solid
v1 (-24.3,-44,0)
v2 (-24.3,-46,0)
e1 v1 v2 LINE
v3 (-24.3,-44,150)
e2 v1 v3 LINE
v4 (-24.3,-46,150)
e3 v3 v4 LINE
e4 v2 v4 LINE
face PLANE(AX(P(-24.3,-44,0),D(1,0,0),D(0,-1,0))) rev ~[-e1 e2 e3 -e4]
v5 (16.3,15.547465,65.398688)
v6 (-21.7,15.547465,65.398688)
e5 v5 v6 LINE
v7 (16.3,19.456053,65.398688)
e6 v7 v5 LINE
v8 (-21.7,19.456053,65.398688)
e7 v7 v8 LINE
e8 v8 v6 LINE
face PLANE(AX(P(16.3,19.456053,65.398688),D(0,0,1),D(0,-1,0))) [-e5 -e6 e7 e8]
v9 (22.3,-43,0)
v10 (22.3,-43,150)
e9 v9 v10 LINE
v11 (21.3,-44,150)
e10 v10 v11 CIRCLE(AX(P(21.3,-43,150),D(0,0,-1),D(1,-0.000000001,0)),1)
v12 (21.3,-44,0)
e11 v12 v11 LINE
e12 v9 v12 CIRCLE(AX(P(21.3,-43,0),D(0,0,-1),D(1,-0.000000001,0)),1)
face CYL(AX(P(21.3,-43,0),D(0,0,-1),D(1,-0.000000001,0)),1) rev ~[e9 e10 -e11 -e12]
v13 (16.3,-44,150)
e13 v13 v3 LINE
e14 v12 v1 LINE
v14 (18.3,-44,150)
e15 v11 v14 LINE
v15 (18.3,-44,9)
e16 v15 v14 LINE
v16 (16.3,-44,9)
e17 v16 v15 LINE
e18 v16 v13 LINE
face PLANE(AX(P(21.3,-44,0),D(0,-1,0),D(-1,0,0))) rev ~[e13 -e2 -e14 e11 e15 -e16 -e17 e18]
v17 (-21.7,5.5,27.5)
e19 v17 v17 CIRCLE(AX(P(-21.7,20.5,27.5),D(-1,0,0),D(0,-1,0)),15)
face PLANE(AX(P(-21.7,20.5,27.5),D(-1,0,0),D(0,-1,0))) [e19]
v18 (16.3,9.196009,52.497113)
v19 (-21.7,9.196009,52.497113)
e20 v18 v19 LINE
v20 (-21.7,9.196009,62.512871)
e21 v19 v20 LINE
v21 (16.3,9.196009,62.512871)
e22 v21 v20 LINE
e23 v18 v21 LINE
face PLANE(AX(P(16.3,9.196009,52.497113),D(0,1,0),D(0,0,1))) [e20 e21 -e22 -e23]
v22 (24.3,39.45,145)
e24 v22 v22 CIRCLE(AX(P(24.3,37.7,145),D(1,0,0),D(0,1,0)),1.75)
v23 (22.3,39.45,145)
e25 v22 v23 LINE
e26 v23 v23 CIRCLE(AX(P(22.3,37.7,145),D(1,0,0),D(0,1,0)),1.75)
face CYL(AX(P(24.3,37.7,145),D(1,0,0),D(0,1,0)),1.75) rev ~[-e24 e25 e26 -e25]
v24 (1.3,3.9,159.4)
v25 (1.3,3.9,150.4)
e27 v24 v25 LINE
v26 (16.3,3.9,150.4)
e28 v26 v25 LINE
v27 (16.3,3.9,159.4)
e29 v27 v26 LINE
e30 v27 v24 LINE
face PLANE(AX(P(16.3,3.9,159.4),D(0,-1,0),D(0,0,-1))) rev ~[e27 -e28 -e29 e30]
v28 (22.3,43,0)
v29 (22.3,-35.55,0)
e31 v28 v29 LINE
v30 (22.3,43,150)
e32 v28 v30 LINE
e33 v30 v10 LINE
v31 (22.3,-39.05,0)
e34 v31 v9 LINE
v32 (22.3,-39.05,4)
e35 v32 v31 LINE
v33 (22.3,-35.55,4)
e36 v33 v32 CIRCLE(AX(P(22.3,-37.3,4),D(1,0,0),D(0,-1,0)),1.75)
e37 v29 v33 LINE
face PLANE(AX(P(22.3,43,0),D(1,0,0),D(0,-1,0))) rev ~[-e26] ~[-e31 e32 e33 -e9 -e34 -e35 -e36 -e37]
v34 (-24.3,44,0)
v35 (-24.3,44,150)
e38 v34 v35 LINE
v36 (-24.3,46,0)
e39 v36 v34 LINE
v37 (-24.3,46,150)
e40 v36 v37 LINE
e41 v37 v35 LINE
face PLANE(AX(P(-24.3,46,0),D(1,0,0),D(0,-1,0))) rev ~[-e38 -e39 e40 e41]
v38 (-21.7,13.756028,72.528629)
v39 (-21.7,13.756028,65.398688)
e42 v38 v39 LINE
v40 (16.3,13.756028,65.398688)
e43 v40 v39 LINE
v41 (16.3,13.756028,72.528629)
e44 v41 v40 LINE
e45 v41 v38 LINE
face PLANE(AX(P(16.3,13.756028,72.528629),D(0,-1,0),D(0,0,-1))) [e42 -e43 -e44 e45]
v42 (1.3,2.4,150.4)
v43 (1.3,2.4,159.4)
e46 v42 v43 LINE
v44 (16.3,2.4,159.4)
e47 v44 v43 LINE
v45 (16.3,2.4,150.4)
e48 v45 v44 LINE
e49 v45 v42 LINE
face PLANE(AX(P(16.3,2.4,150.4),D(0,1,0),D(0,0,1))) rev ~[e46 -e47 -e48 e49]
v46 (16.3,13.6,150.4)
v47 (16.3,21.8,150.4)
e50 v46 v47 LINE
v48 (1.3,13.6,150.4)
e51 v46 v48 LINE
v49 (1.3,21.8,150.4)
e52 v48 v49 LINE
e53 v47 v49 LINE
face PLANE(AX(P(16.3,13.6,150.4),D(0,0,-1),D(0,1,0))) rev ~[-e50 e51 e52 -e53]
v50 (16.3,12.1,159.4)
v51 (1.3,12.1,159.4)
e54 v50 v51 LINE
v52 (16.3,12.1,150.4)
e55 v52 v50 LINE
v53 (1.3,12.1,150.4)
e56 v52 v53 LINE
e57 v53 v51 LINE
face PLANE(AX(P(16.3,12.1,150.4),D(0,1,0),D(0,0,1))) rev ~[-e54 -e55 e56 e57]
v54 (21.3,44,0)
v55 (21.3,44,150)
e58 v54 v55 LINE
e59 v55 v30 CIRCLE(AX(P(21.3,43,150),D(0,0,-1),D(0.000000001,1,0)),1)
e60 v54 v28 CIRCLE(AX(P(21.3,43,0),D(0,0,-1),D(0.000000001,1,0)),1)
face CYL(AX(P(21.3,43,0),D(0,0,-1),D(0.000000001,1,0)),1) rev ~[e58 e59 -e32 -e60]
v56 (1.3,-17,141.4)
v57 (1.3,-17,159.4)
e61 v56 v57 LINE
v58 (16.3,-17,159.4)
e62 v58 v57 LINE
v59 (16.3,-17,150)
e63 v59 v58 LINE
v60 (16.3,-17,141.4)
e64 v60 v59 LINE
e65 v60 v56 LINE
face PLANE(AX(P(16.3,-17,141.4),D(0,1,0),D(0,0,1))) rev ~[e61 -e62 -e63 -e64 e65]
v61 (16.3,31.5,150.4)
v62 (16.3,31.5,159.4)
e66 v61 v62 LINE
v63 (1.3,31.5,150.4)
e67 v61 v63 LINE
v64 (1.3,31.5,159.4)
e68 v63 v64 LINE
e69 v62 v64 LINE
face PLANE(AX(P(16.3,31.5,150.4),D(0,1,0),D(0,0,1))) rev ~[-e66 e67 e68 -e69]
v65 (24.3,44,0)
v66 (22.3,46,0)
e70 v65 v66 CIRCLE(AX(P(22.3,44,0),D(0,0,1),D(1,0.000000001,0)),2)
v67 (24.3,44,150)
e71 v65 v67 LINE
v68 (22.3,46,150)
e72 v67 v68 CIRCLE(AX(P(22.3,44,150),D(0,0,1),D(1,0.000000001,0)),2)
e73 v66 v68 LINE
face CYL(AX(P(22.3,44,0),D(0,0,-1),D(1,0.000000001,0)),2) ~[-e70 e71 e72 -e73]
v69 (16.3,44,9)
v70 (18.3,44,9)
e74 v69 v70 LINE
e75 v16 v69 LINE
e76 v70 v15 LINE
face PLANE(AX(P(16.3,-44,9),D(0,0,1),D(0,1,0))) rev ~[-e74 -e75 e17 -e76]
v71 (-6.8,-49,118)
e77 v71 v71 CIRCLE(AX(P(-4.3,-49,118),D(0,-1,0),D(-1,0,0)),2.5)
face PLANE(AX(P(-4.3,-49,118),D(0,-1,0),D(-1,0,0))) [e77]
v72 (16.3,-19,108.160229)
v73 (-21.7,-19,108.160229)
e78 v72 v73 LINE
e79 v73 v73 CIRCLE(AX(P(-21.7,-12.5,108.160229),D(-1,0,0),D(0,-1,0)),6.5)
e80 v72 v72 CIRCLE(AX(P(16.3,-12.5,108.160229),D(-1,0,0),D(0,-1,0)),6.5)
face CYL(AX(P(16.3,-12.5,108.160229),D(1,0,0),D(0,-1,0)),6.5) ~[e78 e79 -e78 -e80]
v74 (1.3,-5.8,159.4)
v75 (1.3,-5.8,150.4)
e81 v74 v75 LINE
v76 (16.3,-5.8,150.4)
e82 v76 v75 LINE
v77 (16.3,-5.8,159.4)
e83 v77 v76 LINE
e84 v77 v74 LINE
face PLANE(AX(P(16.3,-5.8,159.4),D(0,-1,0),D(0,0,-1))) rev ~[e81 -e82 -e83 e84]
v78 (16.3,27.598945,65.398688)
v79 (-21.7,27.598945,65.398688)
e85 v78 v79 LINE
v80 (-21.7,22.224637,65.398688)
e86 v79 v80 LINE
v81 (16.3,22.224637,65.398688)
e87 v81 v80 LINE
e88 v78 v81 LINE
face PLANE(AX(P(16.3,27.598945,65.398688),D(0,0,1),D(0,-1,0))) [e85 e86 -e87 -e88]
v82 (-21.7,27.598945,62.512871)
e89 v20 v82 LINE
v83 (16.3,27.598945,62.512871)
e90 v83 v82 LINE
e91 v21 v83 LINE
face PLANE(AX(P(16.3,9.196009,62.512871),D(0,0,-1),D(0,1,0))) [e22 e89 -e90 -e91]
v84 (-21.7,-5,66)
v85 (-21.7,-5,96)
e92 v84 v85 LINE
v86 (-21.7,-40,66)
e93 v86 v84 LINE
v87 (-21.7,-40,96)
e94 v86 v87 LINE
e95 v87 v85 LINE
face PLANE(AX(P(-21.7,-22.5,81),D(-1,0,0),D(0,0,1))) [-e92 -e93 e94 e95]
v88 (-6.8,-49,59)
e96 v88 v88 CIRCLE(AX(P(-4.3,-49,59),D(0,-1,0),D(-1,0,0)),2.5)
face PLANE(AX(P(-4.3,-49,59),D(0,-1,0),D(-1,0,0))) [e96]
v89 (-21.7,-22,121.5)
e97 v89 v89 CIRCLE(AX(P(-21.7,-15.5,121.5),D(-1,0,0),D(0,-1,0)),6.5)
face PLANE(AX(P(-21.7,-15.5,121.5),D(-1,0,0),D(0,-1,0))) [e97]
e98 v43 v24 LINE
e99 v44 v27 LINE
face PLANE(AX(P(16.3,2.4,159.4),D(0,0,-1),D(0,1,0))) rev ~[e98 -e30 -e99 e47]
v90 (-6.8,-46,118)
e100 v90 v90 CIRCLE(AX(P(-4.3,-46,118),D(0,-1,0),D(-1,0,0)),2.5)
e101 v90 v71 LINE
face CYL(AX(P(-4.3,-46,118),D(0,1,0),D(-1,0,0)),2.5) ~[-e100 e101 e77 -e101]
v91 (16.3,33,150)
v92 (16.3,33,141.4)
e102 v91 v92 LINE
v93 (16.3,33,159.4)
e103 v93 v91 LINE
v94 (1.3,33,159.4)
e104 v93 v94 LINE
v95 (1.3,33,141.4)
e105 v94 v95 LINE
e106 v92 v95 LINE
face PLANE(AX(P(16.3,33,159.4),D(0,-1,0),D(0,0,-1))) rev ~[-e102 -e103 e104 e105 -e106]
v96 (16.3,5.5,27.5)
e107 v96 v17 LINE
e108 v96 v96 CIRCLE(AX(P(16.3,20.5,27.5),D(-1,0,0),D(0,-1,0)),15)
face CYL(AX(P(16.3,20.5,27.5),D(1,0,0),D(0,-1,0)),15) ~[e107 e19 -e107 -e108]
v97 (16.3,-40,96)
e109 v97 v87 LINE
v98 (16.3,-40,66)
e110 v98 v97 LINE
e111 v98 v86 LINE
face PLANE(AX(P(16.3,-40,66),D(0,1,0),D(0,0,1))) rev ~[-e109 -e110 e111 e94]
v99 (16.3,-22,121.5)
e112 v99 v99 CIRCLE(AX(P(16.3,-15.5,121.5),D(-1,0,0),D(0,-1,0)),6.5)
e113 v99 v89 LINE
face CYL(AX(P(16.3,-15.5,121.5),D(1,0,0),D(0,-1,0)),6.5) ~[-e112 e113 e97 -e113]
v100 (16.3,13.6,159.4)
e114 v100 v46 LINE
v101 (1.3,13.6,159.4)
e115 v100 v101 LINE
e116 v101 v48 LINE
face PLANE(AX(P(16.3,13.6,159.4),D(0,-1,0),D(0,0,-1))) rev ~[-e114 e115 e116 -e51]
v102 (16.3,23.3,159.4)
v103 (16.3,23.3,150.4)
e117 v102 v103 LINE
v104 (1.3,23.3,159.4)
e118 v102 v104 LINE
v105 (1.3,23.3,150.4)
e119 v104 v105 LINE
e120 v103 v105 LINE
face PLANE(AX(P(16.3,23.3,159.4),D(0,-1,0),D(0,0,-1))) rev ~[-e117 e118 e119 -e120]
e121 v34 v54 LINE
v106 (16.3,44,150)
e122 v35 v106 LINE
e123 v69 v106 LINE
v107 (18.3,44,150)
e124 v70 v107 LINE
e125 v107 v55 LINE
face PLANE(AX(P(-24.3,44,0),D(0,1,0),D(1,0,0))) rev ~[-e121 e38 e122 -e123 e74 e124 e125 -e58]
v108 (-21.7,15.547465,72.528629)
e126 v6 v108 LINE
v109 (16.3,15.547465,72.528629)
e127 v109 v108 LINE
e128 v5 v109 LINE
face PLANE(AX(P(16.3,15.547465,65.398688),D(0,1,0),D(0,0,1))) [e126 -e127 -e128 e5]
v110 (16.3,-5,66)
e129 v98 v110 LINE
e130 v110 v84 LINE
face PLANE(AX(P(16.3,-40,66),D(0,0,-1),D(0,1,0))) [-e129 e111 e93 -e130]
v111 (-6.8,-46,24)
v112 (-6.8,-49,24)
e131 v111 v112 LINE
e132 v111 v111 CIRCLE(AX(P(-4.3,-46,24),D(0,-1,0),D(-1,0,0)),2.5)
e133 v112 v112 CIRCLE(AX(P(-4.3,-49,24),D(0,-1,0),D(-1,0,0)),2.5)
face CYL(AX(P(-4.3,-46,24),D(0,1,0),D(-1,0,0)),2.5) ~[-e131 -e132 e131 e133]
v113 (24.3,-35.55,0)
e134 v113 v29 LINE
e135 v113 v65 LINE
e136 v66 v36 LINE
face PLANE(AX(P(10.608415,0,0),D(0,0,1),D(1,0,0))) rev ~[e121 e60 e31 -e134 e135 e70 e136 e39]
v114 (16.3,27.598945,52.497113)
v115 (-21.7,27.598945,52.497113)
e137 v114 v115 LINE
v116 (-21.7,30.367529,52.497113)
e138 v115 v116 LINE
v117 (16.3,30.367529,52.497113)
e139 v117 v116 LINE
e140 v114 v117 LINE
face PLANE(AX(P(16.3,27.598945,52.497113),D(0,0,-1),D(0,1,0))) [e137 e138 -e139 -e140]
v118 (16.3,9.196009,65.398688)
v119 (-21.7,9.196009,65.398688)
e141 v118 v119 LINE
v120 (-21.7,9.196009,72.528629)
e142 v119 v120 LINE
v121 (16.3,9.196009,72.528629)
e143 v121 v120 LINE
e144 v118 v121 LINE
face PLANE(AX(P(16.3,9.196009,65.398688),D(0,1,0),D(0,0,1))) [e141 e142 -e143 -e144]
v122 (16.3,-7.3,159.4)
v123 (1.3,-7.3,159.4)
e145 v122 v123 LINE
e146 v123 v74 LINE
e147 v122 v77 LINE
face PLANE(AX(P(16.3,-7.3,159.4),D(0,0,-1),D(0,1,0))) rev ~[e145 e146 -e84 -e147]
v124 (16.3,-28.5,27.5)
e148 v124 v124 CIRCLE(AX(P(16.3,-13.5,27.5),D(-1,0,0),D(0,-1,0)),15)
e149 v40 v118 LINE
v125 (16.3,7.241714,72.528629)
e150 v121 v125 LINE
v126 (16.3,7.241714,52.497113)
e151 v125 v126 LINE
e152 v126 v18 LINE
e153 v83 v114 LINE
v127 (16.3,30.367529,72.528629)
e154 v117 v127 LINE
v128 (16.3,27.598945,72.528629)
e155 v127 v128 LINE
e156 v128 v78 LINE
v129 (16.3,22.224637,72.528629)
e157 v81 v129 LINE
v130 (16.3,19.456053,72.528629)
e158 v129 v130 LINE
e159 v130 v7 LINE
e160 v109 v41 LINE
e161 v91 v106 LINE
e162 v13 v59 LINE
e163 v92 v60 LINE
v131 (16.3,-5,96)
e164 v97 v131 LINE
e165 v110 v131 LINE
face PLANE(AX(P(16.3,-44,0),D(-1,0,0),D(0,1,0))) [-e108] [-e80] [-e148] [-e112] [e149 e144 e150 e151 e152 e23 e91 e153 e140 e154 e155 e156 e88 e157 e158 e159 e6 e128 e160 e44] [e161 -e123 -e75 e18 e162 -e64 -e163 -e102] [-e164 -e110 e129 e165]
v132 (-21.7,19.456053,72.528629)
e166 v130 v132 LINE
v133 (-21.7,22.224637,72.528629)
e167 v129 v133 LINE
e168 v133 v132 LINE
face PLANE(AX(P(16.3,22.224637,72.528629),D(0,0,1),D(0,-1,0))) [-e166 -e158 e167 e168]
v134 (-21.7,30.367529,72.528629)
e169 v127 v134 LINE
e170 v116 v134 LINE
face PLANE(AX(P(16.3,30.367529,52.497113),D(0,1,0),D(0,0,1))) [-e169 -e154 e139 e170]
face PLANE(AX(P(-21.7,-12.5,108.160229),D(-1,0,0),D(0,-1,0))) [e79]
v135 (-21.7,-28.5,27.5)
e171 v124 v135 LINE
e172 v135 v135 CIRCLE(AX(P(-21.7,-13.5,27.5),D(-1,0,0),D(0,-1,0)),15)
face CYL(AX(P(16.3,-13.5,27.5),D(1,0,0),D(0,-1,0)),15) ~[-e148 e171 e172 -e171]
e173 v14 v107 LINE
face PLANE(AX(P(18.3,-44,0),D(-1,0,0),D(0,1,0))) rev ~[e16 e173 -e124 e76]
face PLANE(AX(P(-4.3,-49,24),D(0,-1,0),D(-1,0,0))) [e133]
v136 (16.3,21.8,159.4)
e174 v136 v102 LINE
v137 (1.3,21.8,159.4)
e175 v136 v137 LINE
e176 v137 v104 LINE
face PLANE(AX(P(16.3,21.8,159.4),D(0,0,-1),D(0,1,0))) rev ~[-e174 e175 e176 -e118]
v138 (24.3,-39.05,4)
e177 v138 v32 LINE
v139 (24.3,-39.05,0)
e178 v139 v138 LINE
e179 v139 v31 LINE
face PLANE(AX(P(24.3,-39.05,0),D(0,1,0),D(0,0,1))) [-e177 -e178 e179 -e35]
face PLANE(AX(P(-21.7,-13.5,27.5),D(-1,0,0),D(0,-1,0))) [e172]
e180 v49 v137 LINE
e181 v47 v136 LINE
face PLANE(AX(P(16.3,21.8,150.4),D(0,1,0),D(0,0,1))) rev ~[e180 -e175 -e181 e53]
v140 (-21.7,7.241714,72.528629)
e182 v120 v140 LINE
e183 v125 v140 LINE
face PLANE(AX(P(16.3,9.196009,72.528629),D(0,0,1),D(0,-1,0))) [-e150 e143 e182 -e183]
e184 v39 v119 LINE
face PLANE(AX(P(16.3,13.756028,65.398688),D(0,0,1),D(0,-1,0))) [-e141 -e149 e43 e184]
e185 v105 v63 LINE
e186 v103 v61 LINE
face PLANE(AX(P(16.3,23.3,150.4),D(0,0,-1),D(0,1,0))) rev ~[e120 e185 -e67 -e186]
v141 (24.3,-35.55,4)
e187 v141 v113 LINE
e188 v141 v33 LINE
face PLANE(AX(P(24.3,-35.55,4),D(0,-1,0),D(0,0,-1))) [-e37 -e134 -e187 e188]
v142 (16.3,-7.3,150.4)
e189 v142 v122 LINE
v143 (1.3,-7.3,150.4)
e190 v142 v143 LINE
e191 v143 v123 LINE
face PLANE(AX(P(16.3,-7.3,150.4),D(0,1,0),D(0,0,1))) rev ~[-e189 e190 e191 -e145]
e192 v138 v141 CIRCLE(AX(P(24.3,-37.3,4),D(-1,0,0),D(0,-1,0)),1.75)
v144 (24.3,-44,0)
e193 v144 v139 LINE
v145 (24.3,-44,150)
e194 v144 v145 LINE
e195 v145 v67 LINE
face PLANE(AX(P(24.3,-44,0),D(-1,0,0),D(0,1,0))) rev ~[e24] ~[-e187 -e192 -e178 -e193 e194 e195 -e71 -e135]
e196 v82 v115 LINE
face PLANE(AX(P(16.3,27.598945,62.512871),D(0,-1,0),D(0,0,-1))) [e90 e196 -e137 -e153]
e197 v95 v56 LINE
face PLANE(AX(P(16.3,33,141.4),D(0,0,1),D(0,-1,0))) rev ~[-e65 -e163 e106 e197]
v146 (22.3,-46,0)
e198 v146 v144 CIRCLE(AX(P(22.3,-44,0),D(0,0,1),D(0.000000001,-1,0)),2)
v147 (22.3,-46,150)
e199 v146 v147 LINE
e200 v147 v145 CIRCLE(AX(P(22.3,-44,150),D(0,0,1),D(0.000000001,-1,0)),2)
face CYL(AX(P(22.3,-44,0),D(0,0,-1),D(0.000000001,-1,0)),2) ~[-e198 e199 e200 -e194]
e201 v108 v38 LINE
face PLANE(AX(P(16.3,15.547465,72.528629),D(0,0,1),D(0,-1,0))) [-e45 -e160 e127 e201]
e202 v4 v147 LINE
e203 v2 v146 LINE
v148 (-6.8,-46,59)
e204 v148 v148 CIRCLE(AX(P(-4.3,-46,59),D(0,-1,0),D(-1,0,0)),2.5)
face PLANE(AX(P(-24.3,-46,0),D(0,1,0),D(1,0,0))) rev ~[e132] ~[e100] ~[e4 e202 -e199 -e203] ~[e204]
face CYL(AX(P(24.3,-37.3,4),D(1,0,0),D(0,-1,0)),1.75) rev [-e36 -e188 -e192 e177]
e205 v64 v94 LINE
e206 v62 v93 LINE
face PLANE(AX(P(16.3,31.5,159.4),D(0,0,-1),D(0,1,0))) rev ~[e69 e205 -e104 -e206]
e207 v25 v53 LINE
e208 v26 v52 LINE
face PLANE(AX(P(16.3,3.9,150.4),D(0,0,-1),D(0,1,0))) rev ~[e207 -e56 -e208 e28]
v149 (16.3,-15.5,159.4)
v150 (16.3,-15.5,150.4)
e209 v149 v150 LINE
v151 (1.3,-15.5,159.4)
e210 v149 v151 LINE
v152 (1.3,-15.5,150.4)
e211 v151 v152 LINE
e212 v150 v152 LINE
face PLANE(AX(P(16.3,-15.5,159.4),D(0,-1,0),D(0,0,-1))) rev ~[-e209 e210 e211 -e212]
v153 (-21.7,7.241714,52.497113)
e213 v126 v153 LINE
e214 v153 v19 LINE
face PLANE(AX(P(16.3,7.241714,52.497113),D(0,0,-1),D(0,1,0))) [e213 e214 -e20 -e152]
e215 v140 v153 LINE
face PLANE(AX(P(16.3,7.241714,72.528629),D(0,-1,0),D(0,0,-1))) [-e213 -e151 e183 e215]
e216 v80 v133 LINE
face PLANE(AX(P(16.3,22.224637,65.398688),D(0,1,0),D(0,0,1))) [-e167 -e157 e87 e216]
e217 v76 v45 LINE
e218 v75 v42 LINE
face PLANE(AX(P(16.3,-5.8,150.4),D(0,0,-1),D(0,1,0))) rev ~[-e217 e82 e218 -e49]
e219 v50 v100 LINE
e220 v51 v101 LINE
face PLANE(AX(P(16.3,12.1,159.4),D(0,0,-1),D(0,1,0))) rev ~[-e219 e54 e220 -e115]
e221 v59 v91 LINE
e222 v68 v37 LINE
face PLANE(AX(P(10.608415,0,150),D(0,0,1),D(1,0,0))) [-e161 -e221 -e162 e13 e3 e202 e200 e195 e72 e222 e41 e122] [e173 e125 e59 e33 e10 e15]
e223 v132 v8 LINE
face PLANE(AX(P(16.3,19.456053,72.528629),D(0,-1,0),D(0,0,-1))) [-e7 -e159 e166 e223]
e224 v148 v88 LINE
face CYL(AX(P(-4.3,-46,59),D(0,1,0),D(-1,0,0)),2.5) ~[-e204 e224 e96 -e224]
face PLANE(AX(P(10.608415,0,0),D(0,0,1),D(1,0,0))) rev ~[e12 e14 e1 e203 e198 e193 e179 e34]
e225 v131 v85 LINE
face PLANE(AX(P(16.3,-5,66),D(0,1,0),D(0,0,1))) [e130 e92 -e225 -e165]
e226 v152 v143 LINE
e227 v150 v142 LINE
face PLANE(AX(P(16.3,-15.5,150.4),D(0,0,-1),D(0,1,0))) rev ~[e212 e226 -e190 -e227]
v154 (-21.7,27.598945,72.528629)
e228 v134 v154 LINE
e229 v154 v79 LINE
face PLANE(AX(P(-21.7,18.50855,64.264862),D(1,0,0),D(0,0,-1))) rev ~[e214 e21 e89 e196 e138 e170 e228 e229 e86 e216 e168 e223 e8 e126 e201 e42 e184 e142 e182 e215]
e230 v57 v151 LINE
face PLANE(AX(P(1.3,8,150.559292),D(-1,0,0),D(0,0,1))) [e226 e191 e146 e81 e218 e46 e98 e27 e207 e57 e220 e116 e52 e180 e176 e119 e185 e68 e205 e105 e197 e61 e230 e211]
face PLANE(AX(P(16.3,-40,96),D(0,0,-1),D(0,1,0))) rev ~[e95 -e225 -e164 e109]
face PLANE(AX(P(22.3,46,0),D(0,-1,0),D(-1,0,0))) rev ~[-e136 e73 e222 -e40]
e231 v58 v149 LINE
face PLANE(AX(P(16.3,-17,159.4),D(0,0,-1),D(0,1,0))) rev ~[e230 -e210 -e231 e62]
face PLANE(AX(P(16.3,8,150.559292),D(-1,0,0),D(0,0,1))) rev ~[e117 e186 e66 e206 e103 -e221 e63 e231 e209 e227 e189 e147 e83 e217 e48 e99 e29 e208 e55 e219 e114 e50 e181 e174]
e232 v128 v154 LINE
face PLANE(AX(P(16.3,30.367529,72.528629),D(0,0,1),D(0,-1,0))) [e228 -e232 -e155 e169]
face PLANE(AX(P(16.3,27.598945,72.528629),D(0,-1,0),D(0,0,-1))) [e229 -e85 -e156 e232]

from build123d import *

# Parameters (mm, degrees)
EXTRUDE_1_DEPTH     = 150
SKETCH_2_W          = 2
SKETCH_2_H          = 88
EXTRUDE_2_DEPTH     = 150
SKETCH_3_R          = 15
SKETCH_3_R_2        = 6.5
SKETCH_3_W          = 30
SKETCH_3_H          = 35
EXTRUDE_3_DEPTH     = 38
EXTRUDE_4_DEPTH     = 15
CUT_EXTRUDE_1_REACH = 174.877
SKETCH_5_R          = 1.75
SKETCH_6_R          = 2.5
EXTRUDE_5_DEPTH     = 3
CUT_EXTRUDE_2_REACH = 173.633
SKETCH_7_W          = 9
SKETCH_7_H          = 88


with BuildPart() as part:
    # 草图1 → 凸台-拉伸1 (new body)
    with BuildSketch(Plane.XY):
        with BuildLine():
            Line((-24.3, 44), (21.3, 44))
            ThreePointArc((21.3, 44), (22.007106781, 43.707106781), (22.3, 43))
            Line((22.3, 43), (22.3, -43))
            ThreePointArc((22.3, -43), (22.007106781, -43.707106781), (21.3, -44))
            Line((21.3, -44), (-24.3, -44))
            Line((-24.3, -44), (-24.3, -46))
            Line((-24.3, -46), (22.3, -46))
            ThreePointArc((22.3, -46), (23.714213562, -45.414213562), (24.3, -44))
            Line((24.3, -44), (24.3, 44))
            ThreePointArc((24.3, 44), (23.714213562, 45.414213562), (22.3, 46))
            Line((22.3, 46), (-24.3, 46))
            Line((-24.3, 46), (-24.3, 44))
        make_face()
    extrude(amount=EXTRUDE_1_DEPTH)

    # 草图2 → 凸台-拉伸2 (add)
    with BuildSketch(Plane(origin=(0, 0, 0), x_dir=(-1, 0, 0), z_dir=(0, 0, -1))):
        with Locations((-17.3, 0)):
            Rectangle(SKETCH_2_W, SKETCH_2_H)
    extrude(amount=-EXTRUDE_2_DEPTH)

    # 草图3 → 凸台-拉伸3 (add)
    with BuildSketch(Plane.ZY.offset(-16.3)):
        with Locations(Location((27.5, 20.5, 0), (0, 0, 270))):
            Circle(SKETCH_3_R)
        with Locations(Location((27.5, -13.5, 0), (0, 0, 270))):
            Circle(SKETCH_3_R)
        with Locations(Location((108.160228903, -12.5, 0), (0, 0, 270))):
            Circle(SKETCH_3_R_2)
        with Locations(Location((121.5, -15.5, 0), (0, 0, 270))):
            Circle(SKETCH_3_R_2)
        with Locations((81, -22.5)):
            Rectangle(SKETCH_3_W, SKETCH_3_H)
        Polygon((52.497113206, 30.367528908), (72.528628507, 30.367528908), (72.528628507, 27.598945493), (65.398687695, 27.598945493), (65.398687695, 22.22463651), (72.528628507, 22.22463651), (72.528628507, 19.456053094), (65.398687695, 19.456053094), (65.398687695, 15.547464743), (72.528628507, 15.547464743), (72.528628507, 13.756028415), (65.398687695, 13.756028415), (65.398687695, 9.196008671), (72.528628507, 9.196008671), (72.528628507, 7.241714496), (52.497113206, 7.241714496), (52.497113206, 9.196008671), (62.512870856, 9.196008671), (62.512870856, 27.598945493), (52.497113206, 27.598945493), align=None)
    extrude(amount=EXTRUDE_3_DEPTH)

    # 草图4 → 凸台-拉伸4 (add)
    with BuildSketch(Plane.ZY.offset(-16.3)):
        Polygon((159.4, 33), (141.4, 33), (141.4, -17), (159.4, -17), (159.4, -15.5), (150.4, -15.5), (150.4, -7.3), (159.4, -7.3), (159.4, -5.8), (150.4, -5.8), (150.4, 2.4), (159.4, 2.4), (159.4, 3.9), (150.4, 3.9), (150.4, 12.1), (159.4, 12.1), (159.4, 13.6), (150.4, 13.6), (150.4, 21.8), (159.4, 21.8), (159.4, 23.3), (150.4, 23.3), (150.4, 31.5), (159.4, 31.5), align=None)
    extrude(amount=EXTRUDE_4_DEPTH)

    # 草图5 → 切除-拉伸1 (cut, up to next)
    with BuildSketch(Plane(origin=(24.3, 0, 0), x_dir=(0, 0, -1), z_dir=(1, 0, 0)), mode=Mode.PRIVATE) as cut_extrude_1_sk1:
        with Locations(Location((-145, 37.7, 0), (0, 0, 90))):
            Circle(SKETCH_5_R)
    cut_extrude_1_tool1 = extrude(cut_extrude_1_sk1.sketch, amount=-CUT_EXTRUDE_1_REACH, mode=Mode.PRIVATE) & part.part
    # 草图5 → 切除-拉伸1 (cut, up to next)
    with BuildSketch(Plane(origin=(24.3, 0, 0), x_dir=(0, 0, -1), z_dir=(1, 0, 0)), mode=Mode.PRIVATE) as cut_extrude_1_sk2:
        with BuildLine():
            Line((-4, -35.55), (0, -35.55))
            Line((0, -35.55), (0, -39.05))
            Line((0, -39.05), (-4, -39.05))
            ThreePointArc((-4, -39.05), (-5.75, -37.3), (-4, -35.55))
        make_face()
    cut_extrude_1_tool2 = extrude(cut_extrude_1_sk2.sketch, amount=-CUT_EXTRUDE_1_REACH, mode=Mode.PRIVATE) & part.part
    add(cut_extrude_1_tool1.solids().sort_by_distance((24.3, 37.7, 145))[0], mode=Mode.SUBTRACT)
    add(cut_extrude_1_tool2.solids().sort_by_distance((24.3, -37.3, 2.701417))[0], mode=Mode.SUBTRACT)

    # 草图6 → 凸台-拉伸5 (add)
    with BuildSketch(Plane.XZ.offset(46)):
        with Locations(Location((-4.3, 118, 0), (0, 0, 180))):
            Circle(SKETCH_6_R)
        with Locations(Location((-4.3, 59, 0), (0, 0, 180))):
            Circle(SKETCH_6_R)
        with Locations(Location((-4.3, 24, 0), (0, 0, 180))):
            Circle(SKETCH_6_R)
    extrude(amount=EXTRUDE_5_DEPTH)

    # 草图7 → 切除-拉伸2 (cut, up to next)
    with BuildSketch(Plane.ZY.offset(-16.3), mode=Mode.PRIVATE) as cut_extrude_2_sk1:
        with Locations((4.5, 0)):
            Rectangle(SKETCH_7_W, SKETCH_7_H)
    cut_extrude_2_tool1 = extrude(cut_extrude_2_sk1.sketch, amount=-CUT_EXTRUDE_2_REACH, mode=Mode.PRIVATE) & part.part
    add(cut_extrude_2_tool1.solids().sort_by_distance((16.3, 0, 4.5))[0], mode=Mode.SUBTRACT)


solid = part.part
